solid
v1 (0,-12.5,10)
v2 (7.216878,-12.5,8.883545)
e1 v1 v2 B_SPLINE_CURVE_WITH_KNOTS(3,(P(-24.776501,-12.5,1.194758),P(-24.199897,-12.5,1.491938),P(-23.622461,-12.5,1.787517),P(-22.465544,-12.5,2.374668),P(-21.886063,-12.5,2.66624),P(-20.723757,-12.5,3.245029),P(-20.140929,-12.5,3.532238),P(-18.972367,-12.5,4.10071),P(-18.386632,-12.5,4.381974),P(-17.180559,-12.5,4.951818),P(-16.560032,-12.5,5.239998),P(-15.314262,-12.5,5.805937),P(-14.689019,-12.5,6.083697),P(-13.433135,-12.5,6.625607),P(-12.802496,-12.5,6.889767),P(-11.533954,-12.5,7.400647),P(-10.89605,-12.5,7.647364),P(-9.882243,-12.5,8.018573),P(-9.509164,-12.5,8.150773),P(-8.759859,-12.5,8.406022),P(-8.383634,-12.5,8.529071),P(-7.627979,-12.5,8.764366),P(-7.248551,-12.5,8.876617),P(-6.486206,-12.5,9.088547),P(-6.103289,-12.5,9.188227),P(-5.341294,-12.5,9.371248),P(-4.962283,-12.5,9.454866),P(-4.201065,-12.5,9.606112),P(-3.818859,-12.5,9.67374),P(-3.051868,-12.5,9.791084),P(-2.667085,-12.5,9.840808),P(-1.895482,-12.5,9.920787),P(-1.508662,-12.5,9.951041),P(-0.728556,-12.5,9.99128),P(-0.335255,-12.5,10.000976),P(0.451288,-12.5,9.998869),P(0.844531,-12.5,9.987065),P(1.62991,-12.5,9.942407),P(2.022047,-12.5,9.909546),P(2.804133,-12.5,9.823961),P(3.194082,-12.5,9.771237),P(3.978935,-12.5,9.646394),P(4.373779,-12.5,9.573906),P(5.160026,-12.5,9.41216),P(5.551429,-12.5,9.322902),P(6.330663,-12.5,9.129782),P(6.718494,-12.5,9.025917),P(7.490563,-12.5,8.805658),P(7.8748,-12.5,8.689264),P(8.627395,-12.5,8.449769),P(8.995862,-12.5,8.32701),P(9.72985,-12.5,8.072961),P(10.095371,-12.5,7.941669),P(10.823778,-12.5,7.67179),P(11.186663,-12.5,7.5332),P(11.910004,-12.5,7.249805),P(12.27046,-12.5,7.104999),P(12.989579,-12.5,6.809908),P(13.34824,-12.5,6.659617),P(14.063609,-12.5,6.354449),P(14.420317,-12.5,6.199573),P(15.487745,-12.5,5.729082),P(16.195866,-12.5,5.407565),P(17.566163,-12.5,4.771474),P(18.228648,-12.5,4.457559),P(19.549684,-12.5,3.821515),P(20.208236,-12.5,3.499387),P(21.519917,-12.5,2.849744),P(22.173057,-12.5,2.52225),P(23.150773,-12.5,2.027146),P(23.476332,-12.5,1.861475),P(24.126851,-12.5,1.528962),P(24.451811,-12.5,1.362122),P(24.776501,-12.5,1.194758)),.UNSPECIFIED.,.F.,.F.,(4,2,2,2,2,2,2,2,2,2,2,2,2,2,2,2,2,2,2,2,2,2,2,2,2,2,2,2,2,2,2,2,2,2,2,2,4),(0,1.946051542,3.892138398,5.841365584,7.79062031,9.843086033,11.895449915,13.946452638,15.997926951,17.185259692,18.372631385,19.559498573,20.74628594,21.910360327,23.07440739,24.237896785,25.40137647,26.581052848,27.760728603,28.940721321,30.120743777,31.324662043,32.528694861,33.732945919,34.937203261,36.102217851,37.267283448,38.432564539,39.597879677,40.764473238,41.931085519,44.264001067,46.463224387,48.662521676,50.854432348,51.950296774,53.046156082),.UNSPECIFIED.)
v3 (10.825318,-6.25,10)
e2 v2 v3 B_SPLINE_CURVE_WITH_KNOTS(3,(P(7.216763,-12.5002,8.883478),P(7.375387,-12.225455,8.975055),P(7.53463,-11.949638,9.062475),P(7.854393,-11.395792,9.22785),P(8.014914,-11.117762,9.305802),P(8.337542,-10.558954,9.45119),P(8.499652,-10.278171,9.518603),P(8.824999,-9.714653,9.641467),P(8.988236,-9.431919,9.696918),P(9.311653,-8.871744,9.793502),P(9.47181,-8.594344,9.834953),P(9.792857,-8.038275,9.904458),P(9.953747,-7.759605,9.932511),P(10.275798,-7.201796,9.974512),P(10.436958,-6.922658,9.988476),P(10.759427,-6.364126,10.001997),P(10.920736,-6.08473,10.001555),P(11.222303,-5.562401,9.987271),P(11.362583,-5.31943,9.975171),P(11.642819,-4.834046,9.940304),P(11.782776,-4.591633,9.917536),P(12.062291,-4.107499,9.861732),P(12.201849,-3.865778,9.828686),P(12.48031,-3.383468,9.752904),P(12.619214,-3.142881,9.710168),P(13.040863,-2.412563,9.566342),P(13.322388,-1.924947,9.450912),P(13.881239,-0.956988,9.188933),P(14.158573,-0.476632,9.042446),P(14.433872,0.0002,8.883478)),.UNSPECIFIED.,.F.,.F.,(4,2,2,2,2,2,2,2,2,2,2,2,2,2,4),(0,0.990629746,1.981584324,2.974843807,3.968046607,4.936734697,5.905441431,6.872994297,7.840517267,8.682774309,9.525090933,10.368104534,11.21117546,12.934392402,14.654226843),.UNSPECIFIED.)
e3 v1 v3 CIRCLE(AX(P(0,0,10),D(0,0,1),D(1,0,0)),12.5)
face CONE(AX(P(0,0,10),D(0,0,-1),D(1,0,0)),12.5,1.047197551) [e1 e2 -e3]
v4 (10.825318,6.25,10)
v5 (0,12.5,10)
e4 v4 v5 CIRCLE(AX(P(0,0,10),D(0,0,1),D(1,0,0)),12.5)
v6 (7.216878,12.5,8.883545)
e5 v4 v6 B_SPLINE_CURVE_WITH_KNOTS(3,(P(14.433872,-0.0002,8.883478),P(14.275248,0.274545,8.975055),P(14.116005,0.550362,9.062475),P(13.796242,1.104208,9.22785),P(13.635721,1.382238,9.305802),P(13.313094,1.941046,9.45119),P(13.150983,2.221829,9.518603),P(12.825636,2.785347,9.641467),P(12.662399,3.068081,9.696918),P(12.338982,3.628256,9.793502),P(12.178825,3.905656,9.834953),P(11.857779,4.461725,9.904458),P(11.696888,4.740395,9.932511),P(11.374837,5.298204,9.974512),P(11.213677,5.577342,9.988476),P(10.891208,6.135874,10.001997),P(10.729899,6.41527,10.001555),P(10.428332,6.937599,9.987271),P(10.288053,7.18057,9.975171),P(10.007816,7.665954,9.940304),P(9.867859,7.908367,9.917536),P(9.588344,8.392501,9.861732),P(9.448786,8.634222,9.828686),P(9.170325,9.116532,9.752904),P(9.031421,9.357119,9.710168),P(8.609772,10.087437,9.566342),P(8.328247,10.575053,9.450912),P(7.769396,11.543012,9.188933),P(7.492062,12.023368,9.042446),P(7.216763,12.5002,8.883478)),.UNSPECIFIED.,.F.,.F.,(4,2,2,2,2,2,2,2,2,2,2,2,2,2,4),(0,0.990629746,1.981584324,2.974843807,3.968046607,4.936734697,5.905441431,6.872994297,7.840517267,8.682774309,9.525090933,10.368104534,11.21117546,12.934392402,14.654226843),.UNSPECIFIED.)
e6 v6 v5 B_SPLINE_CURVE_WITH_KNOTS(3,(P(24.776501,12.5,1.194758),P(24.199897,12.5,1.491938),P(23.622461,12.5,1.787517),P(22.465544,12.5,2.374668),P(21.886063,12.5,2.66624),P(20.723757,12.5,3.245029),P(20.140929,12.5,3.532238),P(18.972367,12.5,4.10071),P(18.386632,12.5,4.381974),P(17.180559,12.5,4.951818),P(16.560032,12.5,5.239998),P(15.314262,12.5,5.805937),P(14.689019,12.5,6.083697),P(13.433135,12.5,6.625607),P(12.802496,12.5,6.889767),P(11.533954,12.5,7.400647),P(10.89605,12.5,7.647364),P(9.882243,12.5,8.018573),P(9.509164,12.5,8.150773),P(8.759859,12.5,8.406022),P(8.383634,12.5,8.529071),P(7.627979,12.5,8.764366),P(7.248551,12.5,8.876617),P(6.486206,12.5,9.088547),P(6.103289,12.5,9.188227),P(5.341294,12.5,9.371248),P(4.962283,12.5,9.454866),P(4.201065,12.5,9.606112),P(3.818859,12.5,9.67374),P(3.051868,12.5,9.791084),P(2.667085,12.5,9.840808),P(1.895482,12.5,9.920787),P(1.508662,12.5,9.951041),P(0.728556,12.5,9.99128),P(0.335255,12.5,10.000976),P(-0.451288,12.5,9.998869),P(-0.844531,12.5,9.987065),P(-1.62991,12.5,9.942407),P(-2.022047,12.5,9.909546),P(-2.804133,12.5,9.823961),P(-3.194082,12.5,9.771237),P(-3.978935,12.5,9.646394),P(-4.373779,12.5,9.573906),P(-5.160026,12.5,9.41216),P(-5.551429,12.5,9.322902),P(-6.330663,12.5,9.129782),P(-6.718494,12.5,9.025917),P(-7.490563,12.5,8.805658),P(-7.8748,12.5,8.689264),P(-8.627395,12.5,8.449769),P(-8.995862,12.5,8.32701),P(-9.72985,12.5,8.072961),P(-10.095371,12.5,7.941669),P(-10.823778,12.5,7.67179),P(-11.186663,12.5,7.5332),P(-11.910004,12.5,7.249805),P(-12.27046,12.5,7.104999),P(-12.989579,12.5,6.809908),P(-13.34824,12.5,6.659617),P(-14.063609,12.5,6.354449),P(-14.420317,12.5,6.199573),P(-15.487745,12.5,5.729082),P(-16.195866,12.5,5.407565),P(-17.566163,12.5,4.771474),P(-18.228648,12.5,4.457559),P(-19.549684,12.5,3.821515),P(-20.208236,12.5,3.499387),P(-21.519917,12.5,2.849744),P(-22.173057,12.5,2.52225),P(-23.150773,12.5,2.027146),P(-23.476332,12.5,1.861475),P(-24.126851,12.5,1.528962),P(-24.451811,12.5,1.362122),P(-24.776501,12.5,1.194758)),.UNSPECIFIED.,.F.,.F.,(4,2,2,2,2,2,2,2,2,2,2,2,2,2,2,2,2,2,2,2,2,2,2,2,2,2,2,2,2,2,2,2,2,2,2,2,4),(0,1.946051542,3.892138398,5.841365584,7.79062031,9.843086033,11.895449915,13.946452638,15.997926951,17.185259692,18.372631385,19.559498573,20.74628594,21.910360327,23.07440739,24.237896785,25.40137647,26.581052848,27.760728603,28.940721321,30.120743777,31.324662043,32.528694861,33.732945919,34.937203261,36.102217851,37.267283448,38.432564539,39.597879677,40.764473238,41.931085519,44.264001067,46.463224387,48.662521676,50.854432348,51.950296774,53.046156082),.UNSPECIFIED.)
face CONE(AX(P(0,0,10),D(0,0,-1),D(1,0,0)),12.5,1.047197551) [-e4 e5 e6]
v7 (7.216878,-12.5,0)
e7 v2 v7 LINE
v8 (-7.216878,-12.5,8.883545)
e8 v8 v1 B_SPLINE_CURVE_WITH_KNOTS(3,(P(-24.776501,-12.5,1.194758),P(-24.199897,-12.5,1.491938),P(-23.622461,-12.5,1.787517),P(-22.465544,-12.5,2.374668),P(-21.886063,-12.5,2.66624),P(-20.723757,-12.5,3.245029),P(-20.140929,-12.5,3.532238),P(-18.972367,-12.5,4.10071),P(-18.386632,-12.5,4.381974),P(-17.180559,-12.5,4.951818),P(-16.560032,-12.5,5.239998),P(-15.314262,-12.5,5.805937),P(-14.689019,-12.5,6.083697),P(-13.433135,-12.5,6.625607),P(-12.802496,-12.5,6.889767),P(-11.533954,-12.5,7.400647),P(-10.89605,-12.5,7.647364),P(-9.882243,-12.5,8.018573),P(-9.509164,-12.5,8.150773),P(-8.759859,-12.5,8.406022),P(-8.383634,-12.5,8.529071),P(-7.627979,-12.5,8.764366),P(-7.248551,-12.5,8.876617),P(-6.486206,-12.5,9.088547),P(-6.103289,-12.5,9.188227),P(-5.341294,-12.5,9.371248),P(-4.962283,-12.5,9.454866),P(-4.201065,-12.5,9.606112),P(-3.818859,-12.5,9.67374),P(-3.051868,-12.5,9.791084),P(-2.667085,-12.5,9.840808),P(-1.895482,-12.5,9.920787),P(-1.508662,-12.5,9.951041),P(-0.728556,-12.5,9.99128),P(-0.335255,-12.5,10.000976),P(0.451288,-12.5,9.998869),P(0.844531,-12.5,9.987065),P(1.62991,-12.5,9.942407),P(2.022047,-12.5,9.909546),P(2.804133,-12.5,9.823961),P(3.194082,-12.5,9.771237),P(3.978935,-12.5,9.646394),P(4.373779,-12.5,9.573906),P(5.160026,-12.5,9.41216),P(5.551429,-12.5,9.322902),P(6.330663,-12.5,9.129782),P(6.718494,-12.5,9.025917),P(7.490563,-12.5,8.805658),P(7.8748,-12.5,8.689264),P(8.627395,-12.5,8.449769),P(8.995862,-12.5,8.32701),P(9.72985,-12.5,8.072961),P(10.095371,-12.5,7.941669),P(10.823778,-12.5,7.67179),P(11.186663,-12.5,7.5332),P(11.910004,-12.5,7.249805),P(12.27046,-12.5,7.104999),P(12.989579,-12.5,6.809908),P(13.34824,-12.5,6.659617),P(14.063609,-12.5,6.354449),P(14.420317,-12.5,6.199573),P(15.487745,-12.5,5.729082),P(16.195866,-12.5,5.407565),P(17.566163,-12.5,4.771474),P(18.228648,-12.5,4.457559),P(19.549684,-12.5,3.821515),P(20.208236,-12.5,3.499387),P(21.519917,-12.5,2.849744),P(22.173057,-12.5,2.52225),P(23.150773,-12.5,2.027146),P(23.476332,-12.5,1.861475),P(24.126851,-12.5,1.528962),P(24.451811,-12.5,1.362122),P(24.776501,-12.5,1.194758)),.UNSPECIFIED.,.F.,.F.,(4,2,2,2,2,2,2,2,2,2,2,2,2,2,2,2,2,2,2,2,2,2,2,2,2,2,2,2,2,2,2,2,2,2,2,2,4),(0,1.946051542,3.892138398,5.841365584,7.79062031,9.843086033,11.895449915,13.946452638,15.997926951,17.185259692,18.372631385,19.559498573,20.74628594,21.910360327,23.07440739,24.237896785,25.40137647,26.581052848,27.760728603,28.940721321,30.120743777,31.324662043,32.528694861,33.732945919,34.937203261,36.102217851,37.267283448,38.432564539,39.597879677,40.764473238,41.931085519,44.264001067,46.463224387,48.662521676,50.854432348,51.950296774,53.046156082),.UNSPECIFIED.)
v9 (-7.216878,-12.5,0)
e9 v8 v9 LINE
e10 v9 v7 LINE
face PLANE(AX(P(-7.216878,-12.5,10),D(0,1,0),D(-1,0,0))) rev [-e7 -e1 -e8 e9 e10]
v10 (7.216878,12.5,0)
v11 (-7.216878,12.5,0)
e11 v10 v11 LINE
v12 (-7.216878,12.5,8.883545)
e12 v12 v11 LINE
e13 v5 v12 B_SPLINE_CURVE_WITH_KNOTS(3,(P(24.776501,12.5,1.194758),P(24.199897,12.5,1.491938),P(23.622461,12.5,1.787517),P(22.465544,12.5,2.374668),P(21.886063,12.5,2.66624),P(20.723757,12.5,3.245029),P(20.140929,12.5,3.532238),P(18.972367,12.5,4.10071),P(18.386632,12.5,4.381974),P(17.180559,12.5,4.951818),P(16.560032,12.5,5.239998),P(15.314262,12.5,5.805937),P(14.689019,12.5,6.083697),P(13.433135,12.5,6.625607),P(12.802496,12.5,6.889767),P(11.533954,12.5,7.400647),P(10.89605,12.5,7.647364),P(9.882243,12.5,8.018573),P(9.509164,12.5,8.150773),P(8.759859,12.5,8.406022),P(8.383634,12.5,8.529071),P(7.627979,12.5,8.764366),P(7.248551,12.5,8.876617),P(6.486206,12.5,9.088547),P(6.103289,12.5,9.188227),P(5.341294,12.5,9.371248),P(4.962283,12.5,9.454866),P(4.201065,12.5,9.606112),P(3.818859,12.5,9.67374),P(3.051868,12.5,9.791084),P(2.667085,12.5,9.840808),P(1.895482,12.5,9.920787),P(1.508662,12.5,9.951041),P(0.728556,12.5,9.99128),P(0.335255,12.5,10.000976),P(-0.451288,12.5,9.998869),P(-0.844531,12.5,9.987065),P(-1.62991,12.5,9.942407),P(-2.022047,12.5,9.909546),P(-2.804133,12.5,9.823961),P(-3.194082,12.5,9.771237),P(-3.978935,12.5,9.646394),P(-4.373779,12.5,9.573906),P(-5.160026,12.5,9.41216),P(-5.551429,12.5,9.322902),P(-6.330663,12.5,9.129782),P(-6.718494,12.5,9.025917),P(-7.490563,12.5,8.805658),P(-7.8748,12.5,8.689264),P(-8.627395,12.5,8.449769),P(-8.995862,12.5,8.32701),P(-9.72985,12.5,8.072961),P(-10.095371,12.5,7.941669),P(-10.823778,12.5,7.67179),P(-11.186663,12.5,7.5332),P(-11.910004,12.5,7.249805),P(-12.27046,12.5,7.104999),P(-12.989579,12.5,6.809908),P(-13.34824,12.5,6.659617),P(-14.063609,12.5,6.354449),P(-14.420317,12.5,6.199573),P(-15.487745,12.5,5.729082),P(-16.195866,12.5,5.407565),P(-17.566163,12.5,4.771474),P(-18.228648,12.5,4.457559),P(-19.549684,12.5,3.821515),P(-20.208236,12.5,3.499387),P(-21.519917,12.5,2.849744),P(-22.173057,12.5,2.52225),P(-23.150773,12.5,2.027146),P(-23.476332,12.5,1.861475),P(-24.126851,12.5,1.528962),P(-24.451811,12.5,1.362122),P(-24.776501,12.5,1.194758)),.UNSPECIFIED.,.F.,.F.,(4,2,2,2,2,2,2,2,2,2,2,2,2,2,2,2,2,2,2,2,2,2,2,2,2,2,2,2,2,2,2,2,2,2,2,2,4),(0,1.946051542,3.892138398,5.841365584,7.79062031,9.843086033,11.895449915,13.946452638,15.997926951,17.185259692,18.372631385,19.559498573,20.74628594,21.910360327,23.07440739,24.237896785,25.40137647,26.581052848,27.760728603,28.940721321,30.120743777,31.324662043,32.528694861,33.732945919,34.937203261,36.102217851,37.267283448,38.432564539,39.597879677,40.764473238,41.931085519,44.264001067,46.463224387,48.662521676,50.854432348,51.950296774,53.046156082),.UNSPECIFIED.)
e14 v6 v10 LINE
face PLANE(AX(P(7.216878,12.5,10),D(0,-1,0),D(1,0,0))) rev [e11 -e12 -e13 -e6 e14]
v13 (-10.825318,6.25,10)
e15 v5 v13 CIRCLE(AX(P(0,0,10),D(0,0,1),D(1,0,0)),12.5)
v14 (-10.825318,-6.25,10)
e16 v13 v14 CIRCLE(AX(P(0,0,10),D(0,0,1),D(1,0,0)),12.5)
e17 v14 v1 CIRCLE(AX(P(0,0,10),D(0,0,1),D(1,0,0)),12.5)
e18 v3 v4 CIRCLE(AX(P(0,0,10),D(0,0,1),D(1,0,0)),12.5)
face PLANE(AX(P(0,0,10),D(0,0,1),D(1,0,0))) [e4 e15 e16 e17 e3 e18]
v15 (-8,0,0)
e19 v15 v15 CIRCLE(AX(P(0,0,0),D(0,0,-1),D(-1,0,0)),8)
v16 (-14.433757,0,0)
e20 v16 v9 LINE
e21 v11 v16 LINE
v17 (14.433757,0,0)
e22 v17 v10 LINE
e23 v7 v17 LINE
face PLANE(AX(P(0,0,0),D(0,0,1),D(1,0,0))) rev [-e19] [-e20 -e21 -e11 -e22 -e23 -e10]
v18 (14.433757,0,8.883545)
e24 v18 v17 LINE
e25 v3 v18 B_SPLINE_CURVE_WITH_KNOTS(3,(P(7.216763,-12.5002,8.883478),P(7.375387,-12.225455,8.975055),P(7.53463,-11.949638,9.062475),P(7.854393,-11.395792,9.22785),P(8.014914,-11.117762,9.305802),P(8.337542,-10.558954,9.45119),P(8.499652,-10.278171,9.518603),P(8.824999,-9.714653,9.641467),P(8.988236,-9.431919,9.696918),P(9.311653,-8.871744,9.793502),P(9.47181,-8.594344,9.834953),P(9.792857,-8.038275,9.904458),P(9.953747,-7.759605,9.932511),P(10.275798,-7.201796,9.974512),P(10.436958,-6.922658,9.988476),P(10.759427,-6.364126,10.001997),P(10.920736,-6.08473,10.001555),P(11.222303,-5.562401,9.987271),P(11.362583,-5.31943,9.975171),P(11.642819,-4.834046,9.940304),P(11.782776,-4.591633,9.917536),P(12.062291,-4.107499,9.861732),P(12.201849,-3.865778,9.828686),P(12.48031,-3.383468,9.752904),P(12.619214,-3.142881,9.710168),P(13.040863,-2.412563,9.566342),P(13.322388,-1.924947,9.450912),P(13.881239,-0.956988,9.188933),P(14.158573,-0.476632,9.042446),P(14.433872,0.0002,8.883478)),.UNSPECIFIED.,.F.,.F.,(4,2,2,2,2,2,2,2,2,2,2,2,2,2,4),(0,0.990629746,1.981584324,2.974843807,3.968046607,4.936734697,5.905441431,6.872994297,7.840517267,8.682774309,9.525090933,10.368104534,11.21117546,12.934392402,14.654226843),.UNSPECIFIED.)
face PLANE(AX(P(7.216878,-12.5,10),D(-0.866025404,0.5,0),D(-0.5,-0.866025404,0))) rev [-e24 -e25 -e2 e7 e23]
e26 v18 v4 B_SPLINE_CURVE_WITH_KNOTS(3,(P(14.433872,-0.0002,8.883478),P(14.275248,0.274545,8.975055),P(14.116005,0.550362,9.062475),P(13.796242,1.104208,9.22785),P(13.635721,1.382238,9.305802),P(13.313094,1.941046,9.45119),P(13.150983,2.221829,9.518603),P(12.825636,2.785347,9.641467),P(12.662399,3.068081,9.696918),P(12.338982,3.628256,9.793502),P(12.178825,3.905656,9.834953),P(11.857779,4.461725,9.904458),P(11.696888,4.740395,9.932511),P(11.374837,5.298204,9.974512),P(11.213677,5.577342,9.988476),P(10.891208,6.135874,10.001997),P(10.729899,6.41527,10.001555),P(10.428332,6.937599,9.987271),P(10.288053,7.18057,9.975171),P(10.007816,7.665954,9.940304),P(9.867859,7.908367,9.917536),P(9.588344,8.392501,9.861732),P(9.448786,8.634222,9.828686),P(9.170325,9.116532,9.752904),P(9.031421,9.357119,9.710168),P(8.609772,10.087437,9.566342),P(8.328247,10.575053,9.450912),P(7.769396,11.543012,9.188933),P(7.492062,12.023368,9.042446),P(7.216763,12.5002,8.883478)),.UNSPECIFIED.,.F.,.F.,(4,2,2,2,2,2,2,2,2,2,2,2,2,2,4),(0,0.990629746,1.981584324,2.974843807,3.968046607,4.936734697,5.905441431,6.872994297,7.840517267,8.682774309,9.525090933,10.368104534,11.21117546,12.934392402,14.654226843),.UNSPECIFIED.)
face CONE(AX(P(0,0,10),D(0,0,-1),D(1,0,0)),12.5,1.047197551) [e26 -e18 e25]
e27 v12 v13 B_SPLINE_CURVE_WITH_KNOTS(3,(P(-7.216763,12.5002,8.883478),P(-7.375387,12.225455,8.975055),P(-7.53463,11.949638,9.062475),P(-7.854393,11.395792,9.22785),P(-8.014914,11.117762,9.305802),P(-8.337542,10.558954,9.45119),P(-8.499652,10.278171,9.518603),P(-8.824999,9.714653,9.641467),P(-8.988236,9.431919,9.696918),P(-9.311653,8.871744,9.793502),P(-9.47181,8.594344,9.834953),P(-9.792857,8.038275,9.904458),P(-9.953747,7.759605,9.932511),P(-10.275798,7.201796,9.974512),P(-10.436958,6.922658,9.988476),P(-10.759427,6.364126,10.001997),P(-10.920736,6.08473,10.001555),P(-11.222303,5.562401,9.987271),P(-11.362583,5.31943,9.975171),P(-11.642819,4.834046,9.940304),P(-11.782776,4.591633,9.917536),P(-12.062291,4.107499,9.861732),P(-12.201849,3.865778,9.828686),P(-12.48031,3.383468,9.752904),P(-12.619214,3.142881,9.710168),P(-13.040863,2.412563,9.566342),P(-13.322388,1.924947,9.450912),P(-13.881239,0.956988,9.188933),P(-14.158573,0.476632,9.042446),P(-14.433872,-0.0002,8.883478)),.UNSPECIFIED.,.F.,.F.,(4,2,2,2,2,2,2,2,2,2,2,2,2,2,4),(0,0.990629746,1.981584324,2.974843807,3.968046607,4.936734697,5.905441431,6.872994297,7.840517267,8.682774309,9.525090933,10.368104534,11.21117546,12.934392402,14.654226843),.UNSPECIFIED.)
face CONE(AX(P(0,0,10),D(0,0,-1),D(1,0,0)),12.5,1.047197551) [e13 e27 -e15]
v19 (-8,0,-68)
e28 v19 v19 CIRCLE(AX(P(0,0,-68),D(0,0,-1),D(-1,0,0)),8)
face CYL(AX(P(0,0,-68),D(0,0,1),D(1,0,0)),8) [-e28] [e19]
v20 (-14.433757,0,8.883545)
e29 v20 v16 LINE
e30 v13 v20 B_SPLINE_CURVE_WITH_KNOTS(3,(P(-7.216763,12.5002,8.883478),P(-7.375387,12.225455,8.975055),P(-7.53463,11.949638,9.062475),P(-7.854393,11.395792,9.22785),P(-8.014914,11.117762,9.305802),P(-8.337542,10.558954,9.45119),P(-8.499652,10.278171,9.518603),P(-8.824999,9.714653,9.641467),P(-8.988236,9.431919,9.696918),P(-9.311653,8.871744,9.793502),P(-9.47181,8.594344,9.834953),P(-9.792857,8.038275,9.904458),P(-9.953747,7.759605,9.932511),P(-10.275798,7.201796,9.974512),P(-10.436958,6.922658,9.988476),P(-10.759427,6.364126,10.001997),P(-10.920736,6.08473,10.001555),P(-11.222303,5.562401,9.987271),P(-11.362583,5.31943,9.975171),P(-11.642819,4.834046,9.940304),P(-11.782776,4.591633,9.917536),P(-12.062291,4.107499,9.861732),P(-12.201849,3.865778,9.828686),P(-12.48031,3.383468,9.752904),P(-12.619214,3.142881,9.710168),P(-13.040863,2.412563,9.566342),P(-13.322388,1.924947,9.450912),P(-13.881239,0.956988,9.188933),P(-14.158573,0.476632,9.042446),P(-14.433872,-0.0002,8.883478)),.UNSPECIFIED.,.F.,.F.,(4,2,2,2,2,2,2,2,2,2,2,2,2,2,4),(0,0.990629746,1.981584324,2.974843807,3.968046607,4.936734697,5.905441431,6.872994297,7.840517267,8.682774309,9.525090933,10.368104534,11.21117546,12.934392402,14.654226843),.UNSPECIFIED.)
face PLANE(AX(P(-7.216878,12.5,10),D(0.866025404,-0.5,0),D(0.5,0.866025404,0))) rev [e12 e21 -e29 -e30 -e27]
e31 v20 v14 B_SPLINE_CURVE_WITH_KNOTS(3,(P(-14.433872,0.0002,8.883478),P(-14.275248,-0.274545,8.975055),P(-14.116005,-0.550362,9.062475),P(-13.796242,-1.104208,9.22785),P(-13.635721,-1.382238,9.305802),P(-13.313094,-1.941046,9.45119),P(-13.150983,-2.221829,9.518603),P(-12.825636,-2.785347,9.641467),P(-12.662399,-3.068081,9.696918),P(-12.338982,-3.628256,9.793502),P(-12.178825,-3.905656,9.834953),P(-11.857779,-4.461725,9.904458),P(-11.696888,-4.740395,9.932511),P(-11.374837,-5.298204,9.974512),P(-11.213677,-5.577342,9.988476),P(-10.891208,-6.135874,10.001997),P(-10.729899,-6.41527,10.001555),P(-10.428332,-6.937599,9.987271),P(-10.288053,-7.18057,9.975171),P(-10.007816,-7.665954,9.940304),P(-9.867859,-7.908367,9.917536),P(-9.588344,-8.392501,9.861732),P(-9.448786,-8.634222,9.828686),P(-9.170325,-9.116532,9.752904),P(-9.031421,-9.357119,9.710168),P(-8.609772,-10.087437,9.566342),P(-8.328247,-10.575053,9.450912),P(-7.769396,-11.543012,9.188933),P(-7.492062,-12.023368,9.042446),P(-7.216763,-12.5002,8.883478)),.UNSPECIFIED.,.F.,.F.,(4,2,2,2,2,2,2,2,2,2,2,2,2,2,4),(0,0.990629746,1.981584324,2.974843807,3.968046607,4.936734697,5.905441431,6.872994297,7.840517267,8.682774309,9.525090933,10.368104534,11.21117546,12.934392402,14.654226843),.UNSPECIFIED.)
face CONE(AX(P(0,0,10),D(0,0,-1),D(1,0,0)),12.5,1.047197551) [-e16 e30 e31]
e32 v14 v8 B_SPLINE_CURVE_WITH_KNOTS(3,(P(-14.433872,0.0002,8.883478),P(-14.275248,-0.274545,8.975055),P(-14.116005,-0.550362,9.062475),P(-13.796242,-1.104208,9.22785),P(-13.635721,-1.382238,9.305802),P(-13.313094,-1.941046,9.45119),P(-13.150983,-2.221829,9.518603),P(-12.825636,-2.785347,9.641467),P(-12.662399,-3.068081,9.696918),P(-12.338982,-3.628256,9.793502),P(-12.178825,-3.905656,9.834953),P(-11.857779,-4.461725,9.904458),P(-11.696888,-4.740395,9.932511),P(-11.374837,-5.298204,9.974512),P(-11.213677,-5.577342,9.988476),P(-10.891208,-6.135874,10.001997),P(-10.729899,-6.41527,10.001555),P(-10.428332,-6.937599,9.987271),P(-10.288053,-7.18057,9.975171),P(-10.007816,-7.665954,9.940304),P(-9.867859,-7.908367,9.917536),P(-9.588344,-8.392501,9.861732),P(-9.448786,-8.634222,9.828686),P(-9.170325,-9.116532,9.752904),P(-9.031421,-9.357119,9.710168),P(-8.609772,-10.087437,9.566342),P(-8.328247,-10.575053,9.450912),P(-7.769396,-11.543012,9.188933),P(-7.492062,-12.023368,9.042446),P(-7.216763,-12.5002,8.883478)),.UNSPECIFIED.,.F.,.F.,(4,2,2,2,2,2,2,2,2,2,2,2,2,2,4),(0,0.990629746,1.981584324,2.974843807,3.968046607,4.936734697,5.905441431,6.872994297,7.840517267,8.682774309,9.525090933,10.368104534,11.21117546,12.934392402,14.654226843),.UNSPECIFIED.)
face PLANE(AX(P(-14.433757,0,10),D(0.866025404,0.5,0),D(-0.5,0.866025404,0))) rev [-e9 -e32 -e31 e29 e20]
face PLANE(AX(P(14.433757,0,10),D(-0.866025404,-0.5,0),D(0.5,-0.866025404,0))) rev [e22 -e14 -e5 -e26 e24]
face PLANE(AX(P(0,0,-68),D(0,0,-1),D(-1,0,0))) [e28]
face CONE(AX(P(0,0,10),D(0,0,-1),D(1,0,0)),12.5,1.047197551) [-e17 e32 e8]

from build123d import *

# Parameters (mm, degrees)
Y_KSEKLIK_EKSTR_ZYON1_DEPTH = 10
IZIM2_R                     = 8
Y_KSEKLIK_EKSTR_ZYON2_DEPTH = 68
IZIM3_OUTSIDE_W             = 82.878
IZIM3_OUTSIDE_H             = 79.01
IZIM3_OUTSIDE_R             = 12.5
KES_EKSTR_ZYON2_DEPTH       = 10
KES_EKSTR_ZYON2_DRAFT       = -60


with BuildPart() as part:
    # Çizim1 → Yükseklik-Ekstrüzyon1 (new body)
    with BuildSketch(Plane.XY):
        Polygon((14.43375673, 0), (7.216878365, 12.5), (-7.216878365, 12.5), (-14.43375673, 0), (-7.216878365, -12.5), (7.216878365, -12.5), align=None)
    extrude(amount=Y_KSEKLIK_EKSTR_ZYON1_DEPTH)

    # Çizim2 → Yükseklik-Ekstrüzyon2 (add)
    with BuildSketch(Plane(origin=(0, 0, 0), x_dir=(-1, 0, 0), z_dir=(0, 0, -1))):
        Circle(IZIM2_R)
    extrude(amount=Y_KSEKLIK_EKSTR_ZYON2_DEPTH)


with BuildPart() as kes_ekstr_zyon2_tool:
    # Çizim3 outside → Kes-Ekstrüzyon2 (with draft: the straight prism first)
    with BuildSketch(Plane.XY.offset(10)):
        Rectangle(IZIM3_OUTSIDE_W, IZIM3_OUTSIDE_H)
        Circle(IZIM3_OUTSIDE_R, mode=Mode.SUBTRACT)
    extrude(amount=-KES_EKSTR_ZYON2_DEPTH)
    # Kes-Ekstrüzyon2: the draft: its side faces are tilted about the plane it starts from
    kes_ekstr_zyon2_sides = [kes_ekstr_zyon2_tool.faces().sort_by_distance(p)[0] for p in [
        (0, -39.505, 5),
        (41.439, 0, 5),
        (0, 39.505, 5),
        (-41.439, 0, 5),
        (-12.5, 0, 5),
    ]]
    draft(kes_ekstr_zyon2_sides, Plane.XY.offset(10), KES_EKSTR_ZYON2_DRAFT)


with BuildPart() as part_1:
    add(part.part)

    # Kes-Ekstrüzyon2: cut by kes_ekstr_zyon2_tool
    add(kes_ekstr_zyon2_tool.part, mode=Mode.SUBTRACT)


solid = part_1.part
